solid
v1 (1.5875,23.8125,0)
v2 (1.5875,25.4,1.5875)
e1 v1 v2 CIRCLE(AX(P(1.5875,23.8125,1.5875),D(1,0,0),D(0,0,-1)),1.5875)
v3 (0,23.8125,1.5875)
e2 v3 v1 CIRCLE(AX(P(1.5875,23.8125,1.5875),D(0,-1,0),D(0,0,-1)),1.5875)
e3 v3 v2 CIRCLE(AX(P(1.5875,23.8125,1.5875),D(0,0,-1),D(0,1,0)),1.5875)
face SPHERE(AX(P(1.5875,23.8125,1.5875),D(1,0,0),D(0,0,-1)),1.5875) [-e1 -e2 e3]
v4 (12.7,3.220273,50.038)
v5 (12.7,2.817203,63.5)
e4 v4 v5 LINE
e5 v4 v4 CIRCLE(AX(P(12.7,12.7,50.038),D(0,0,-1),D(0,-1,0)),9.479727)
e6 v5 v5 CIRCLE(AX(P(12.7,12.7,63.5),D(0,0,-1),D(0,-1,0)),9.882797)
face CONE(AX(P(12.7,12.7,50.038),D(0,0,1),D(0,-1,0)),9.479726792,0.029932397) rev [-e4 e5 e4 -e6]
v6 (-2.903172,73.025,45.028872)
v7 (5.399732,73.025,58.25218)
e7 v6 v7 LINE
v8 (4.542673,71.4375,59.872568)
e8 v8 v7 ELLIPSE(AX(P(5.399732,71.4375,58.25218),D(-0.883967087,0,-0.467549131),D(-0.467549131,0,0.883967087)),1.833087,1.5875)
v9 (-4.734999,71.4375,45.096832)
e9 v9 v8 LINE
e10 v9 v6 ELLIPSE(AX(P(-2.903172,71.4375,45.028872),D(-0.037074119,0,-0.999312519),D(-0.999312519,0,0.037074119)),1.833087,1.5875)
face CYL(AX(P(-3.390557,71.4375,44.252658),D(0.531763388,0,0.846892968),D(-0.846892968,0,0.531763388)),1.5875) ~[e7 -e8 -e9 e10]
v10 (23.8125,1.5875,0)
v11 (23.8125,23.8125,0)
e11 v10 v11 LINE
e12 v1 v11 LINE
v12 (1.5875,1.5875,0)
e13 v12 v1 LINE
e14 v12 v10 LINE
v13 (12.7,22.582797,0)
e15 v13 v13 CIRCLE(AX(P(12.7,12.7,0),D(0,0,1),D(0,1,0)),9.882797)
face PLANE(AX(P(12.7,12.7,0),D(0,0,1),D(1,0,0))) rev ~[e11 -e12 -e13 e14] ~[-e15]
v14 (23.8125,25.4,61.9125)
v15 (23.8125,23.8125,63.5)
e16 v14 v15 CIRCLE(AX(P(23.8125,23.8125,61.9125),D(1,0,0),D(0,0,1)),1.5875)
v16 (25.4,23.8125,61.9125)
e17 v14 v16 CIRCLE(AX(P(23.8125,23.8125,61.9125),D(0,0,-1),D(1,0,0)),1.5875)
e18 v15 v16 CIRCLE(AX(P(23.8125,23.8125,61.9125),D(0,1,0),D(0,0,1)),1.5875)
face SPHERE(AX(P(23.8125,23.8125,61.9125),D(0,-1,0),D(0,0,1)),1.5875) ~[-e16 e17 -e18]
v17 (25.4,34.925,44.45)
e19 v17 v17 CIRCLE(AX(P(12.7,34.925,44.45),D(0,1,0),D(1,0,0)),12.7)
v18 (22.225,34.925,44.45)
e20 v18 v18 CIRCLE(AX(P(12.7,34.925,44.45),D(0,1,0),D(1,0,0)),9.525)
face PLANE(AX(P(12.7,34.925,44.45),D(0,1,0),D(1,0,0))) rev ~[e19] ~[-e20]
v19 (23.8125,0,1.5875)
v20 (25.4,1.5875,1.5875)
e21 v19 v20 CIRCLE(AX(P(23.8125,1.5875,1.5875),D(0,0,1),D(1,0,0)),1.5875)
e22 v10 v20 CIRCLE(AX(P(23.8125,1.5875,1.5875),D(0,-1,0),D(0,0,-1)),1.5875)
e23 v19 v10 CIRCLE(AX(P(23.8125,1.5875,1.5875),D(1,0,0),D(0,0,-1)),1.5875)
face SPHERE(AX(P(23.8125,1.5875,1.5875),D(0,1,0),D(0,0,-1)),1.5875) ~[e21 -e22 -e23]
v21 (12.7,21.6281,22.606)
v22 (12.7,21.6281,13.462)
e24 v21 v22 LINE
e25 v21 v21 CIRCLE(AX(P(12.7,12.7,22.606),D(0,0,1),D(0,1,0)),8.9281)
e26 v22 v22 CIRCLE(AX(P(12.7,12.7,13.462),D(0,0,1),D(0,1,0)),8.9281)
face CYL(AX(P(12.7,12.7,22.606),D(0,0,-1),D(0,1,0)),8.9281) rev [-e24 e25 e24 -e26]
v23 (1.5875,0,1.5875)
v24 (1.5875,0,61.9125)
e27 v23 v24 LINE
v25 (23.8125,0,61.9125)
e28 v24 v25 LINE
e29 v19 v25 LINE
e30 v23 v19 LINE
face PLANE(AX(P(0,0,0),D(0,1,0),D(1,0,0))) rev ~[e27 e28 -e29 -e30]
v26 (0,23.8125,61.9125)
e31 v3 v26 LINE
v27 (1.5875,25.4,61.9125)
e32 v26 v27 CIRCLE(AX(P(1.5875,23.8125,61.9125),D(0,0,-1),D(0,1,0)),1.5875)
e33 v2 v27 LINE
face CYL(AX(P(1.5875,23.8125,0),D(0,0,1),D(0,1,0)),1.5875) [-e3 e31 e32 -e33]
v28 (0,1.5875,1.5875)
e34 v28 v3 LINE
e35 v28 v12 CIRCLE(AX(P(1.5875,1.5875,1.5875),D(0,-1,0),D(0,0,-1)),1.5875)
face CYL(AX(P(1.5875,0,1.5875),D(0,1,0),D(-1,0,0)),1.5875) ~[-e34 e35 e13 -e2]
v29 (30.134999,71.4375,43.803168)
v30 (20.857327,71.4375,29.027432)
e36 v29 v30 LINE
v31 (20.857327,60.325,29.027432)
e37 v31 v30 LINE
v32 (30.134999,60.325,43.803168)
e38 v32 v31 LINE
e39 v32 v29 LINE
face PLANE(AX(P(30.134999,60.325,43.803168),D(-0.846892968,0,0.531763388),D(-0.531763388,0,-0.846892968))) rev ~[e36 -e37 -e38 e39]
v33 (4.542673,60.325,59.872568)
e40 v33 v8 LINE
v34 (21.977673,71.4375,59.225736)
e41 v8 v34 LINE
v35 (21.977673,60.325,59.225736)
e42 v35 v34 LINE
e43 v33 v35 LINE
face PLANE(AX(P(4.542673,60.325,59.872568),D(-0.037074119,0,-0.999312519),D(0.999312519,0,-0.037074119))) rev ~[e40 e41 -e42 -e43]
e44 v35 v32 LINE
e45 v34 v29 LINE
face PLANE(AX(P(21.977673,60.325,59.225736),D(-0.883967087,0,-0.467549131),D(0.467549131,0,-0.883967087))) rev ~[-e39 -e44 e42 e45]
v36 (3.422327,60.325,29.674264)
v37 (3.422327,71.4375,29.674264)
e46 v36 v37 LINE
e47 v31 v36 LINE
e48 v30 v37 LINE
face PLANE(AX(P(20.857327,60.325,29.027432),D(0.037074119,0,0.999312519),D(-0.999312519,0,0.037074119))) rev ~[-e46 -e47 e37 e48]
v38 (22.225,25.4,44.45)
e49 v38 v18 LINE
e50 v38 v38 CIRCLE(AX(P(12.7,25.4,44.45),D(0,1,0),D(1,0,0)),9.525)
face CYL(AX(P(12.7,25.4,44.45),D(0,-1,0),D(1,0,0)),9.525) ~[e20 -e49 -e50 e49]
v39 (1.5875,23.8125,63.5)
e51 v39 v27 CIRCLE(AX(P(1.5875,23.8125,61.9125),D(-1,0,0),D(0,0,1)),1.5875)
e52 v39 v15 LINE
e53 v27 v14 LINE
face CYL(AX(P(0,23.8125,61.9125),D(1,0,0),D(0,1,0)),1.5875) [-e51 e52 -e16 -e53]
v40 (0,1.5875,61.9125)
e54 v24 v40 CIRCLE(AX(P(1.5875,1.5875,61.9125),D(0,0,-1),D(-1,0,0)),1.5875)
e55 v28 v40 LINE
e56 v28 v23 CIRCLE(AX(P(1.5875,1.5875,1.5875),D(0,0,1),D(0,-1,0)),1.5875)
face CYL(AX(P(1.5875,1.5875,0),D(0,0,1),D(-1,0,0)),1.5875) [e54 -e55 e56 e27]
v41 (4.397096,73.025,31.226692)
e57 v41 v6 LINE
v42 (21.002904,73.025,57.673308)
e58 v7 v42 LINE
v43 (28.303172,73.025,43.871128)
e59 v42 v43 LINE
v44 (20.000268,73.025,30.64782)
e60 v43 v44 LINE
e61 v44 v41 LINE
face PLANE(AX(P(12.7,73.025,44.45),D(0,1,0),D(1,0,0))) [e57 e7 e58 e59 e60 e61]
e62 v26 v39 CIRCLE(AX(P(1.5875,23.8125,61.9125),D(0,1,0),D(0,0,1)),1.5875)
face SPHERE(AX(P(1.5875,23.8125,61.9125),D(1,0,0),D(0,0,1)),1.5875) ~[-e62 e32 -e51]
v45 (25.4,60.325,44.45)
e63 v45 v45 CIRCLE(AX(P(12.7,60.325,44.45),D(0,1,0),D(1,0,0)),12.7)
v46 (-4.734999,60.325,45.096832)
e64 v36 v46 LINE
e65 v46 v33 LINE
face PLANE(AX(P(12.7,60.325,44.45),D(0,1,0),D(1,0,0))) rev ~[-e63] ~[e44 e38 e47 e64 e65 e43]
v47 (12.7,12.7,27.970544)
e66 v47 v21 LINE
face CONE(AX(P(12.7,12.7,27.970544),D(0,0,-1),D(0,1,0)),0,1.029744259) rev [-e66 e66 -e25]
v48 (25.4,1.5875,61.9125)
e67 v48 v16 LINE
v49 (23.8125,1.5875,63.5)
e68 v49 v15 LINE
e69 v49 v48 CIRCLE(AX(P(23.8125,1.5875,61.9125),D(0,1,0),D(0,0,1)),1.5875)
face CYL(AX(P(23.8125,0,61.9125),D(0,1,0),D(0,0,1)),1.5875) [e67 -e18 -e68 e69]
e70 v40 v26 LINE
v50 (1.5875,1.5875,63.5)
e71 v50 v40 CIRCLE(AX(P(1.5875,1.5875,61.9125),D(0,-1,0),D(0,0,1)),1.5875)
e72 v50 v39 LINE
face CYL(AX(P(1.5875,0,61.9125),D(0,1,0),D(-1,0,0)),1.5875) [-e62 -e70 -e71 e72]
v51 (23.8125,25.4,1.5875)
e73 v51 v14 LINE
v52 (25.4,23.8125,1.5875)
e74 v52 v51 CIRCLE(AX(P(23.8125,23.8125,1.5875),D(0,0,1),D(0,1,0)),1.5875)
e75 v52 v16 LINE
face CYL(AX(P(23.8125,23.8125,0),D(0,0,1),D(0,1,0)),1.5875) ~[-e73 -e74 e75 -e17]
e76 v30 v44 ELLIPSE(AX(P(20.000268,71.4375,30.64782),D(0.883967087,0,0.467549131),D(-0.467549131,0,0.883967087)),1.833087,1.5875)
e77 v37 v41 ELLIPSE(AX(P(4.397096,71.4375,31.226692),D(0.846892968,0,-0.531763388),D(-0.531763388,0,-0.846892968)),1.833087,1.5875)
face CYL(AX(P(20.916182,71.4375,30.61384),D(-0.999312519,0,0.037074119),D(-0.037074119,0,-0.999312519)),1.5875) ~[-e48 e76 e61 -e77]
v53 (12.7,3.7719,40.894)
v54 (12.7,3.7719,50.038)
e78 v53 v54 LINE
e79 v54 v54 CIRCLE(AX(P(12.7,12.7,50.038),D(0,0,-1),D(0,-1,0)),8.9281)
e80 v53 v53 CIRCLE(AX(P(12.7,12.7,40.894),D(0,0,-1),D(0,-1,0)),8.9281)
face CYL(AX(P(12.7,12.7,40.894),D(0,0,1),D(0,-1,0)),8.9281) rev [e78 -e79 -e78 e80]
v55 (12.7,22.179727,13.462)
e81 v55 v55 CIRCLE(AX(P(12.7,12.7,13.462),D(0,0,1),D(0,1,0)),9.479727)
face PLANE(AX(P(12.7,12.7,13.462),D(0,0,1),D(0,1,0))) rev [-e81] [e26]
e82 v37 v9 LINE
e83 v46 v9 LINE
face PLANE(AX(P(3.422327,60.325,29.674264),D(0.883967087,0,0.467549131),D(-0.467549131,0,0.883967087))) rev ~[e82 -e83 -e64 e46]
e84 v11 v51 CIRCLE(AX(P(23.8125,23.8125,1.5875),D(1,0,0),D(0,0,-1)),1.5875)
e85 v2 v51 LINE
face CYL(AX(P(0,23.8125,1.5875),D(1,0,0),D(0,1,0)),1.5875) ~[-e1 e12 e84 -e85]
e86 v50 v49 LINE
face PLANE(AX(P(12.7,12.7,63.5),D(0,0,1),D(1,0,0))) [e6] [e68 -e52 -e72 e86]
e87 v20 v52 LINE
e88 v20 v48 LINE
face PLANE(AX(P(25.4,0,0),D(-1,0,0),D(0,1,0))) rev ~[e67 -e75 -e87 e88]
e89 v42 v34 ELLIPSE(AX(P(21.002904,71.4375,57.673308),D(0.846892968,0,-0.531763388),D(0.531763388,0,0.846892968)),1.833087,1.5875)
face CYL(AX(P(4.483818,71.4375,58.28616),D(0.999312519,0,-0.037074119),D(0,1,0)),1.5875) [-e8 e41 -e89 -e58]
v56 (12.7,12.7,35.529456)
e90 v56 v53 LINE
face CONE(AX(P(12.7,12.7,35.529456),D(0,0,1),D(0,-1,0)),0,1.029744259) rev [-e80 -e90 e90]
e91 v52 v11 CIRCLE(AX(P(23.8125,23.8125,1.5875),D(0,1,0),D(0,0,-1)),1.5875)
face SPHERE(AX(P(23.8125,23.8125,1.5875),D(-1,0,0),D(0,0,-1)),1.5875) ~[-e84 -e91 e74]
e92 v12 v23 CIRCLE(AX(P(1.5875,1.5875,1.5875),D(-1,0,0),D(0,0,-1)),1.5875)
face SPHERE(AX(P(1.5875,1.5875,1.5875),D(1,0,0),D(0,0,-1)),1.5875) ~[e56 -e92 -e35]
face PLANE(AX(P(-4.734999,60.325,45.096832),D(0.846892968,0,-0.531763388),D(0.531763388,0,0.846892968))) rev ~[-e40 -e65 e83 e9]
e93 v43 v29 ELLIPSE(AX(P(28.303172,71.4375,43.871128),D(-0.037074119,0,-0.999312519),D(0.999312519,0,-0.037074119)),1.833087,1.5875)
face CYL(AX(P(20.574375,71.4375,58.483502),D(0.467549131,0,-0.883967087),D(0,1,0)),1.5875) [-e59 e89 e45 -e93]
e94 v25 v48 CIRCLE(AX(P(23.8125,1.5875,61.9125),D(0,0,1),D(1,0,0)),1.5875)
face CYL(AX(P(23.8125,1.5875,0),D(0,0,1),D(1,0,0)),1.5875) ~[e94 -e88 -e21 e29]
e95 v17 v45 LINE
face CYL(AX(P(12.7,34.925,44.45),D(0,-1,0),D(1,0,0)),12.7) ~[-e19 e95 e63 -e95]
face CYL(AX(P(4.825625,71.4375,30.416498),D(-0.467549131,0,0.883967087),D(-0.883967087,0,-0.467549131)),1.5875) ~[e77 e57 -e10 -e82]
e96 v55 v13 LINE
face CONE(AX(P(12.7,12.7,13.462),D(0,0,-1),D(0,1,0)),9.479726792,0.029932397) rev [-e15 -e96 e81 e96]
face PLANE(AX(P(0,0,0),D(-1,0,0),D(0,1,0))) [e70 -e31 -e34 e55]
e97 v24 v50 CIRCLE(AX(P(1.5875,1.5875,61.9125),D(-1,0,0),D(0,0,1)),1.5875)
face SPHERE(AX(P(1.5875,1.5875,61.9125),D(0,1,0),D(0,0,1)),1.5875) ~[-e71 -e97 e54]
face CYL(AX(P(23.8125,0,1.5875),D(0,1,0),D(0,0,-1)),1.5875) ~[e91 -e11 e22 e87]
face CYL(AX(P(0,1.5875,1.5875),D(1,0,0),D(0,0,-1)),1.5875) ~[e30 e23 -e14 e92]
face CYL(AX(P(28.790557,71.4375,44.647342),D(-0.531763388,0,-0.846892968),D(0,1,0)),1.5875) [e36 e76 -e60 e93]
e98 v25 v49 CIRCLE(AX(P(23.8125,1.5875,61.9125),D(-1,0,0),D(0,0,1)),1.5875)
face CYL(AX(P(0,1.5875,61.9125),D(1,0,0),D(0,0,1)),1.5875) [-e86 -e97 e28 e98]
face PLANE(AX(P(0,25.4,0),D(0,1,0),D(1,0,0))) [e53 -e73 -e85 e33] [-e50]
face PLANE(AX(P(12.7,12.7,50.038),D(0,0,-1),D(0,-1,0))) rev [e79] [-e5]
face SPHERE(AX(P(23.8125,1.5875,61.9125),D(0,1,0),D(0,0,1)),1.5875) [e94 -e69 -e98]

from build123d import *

# Parameters (mm, degrees)
SKETCH1_W           = 25.4
SKETCH1_H           = 25.4
BOSS_EXTRUDE1_DEPTH = 63.5
SKETCH4_R           = 9.525
BOSS_EXTRUDE2_DEPTH = 9.525
SKETCH5_R           = 12.7
BOSS_EXTRUDE3_DEPTH = 25.4
BOSS_EXTRUDE4_DEPTH = 12.7
FILLET1_R           = 1.5875


with BuildPart() as part:
    # Sketch1 → Boss-Extrude1 (new body)
    with BuildSketch(Plane.XY):
        with Locations((12.7, 12.7)):
            Rectangle(SKETCH1_W, SKETCH1_H)
    extrude(amount=BOSS_EXTRUDE1_DEPTH)

    # Sketch2 → 1/2 NPT Tapped Hole1 (revolve, cut)
    with BuildSketch(Plane(origin=(12.7, 12.7, 63.5), x_dir=(0, -1, 0), z_dir=(1, 0, 0))):
        Polygon((0, 0), (0, 27.970543693), (8.9281, 22.606), (8.9281, 13.462), (9.479726792, 13.462), (9.8827971, 0), align=None)
    revolve(axis=Axis((12.7, 12.7, 69.85), (0, 0, -1)), mode=Mode.SUBTRACT)

    # Sketch4 → Boss-Extrude2 (add)
    with BuildSketch(Plane(origin=(0, 25.4, 0), x_dir=(1, 0, 0), z_dir=(0, 1, 0))):
        with Locations((12.7, -44.45)):
            Circle(SKETCH4_R)
    extrude(amount=BOSS_EXTRUDE2_DEPTH)

    # Sketch5 → Boss-Extrude3 (add)
    with BuildSketch(Plane(origin=(0, 34.925, 0), x_dir=(1, 0, 0), z_dir=(0, 1, 0))):
        with Locations((12.7, -44.45)):
            Circle(SKETCH5_R)
    extrude(amount=BOSS_EXTRUDE3_DEPTH)

    # Sketch6 → Boss-Extrude4 (add)
    with BuildSketch(Plane(origin=(0, 60.325, 0), x_dir=(1, 0, 0), z_dir=(0, 1, 0))):
        Polygon((3.422327472, -29.674263649), (-4.734999304, -45.096831921), (4.542673224, -59.872568273), (21.977672528, -59.225736351), (30.134999304, -43.803168079), (20.857326776, -29.027431727), align=None)
    extrude(amount=BOSS_EXTRUDE4_DEPTH)

    # Sketch7 → 1/2 NPT Tapped Hole2 (revolve, cut)
    with BuildSketch(Plane(origin=(12.7, 12.7, 0), x_dir=(0, 1, 0), z_dir=(1, 0, 0))):
        Polygon((0, 0), (0, 27.970543693), (8.9281, 22.606), (8.9281, 13.462), (9.479726792, 13.462), (9.8827971, 0), align=None)
    revolve(axis=Axis((12.7, 12.7, -6.35), (0, 0, 1)), mode=Mode.SUBTRACT)

    # Fillet1
    fillet1_edges = [part.edges().sort_by_distance(p)[0] for p in [
        (25.4, 12.7, 63.5),
        (12.7, 25.4, 63.5),
        (12.139827124, 73.025, 29.350847688),
        (-0.656335916, 73.025, 37.385547785),
        (-0.09616304, 73.025, 52.484700097),
        (13.260172876, 73.025, 59.549152312),
        (26.056335916, 73.025, 51.514452215),
        (25.49616304, 73.025, 36.415299903),
        (0, 12.7, 63.5),
        (12.7, 25.4, 0),
        (25.4, 12.7, 0),
        (12.7, 0, 0),
        (0, 12.7, 0),
        (12.7, 0, 63.5),
        (0, 25.4, 31.75),
        (25.4, 25.4, 31.75),
        (25.4, 0, 31.75),
        (0, 0, 31.75),
    ]]
    fillet(fillet1_edges, radius=FILLET1_R)


solid = part.part
